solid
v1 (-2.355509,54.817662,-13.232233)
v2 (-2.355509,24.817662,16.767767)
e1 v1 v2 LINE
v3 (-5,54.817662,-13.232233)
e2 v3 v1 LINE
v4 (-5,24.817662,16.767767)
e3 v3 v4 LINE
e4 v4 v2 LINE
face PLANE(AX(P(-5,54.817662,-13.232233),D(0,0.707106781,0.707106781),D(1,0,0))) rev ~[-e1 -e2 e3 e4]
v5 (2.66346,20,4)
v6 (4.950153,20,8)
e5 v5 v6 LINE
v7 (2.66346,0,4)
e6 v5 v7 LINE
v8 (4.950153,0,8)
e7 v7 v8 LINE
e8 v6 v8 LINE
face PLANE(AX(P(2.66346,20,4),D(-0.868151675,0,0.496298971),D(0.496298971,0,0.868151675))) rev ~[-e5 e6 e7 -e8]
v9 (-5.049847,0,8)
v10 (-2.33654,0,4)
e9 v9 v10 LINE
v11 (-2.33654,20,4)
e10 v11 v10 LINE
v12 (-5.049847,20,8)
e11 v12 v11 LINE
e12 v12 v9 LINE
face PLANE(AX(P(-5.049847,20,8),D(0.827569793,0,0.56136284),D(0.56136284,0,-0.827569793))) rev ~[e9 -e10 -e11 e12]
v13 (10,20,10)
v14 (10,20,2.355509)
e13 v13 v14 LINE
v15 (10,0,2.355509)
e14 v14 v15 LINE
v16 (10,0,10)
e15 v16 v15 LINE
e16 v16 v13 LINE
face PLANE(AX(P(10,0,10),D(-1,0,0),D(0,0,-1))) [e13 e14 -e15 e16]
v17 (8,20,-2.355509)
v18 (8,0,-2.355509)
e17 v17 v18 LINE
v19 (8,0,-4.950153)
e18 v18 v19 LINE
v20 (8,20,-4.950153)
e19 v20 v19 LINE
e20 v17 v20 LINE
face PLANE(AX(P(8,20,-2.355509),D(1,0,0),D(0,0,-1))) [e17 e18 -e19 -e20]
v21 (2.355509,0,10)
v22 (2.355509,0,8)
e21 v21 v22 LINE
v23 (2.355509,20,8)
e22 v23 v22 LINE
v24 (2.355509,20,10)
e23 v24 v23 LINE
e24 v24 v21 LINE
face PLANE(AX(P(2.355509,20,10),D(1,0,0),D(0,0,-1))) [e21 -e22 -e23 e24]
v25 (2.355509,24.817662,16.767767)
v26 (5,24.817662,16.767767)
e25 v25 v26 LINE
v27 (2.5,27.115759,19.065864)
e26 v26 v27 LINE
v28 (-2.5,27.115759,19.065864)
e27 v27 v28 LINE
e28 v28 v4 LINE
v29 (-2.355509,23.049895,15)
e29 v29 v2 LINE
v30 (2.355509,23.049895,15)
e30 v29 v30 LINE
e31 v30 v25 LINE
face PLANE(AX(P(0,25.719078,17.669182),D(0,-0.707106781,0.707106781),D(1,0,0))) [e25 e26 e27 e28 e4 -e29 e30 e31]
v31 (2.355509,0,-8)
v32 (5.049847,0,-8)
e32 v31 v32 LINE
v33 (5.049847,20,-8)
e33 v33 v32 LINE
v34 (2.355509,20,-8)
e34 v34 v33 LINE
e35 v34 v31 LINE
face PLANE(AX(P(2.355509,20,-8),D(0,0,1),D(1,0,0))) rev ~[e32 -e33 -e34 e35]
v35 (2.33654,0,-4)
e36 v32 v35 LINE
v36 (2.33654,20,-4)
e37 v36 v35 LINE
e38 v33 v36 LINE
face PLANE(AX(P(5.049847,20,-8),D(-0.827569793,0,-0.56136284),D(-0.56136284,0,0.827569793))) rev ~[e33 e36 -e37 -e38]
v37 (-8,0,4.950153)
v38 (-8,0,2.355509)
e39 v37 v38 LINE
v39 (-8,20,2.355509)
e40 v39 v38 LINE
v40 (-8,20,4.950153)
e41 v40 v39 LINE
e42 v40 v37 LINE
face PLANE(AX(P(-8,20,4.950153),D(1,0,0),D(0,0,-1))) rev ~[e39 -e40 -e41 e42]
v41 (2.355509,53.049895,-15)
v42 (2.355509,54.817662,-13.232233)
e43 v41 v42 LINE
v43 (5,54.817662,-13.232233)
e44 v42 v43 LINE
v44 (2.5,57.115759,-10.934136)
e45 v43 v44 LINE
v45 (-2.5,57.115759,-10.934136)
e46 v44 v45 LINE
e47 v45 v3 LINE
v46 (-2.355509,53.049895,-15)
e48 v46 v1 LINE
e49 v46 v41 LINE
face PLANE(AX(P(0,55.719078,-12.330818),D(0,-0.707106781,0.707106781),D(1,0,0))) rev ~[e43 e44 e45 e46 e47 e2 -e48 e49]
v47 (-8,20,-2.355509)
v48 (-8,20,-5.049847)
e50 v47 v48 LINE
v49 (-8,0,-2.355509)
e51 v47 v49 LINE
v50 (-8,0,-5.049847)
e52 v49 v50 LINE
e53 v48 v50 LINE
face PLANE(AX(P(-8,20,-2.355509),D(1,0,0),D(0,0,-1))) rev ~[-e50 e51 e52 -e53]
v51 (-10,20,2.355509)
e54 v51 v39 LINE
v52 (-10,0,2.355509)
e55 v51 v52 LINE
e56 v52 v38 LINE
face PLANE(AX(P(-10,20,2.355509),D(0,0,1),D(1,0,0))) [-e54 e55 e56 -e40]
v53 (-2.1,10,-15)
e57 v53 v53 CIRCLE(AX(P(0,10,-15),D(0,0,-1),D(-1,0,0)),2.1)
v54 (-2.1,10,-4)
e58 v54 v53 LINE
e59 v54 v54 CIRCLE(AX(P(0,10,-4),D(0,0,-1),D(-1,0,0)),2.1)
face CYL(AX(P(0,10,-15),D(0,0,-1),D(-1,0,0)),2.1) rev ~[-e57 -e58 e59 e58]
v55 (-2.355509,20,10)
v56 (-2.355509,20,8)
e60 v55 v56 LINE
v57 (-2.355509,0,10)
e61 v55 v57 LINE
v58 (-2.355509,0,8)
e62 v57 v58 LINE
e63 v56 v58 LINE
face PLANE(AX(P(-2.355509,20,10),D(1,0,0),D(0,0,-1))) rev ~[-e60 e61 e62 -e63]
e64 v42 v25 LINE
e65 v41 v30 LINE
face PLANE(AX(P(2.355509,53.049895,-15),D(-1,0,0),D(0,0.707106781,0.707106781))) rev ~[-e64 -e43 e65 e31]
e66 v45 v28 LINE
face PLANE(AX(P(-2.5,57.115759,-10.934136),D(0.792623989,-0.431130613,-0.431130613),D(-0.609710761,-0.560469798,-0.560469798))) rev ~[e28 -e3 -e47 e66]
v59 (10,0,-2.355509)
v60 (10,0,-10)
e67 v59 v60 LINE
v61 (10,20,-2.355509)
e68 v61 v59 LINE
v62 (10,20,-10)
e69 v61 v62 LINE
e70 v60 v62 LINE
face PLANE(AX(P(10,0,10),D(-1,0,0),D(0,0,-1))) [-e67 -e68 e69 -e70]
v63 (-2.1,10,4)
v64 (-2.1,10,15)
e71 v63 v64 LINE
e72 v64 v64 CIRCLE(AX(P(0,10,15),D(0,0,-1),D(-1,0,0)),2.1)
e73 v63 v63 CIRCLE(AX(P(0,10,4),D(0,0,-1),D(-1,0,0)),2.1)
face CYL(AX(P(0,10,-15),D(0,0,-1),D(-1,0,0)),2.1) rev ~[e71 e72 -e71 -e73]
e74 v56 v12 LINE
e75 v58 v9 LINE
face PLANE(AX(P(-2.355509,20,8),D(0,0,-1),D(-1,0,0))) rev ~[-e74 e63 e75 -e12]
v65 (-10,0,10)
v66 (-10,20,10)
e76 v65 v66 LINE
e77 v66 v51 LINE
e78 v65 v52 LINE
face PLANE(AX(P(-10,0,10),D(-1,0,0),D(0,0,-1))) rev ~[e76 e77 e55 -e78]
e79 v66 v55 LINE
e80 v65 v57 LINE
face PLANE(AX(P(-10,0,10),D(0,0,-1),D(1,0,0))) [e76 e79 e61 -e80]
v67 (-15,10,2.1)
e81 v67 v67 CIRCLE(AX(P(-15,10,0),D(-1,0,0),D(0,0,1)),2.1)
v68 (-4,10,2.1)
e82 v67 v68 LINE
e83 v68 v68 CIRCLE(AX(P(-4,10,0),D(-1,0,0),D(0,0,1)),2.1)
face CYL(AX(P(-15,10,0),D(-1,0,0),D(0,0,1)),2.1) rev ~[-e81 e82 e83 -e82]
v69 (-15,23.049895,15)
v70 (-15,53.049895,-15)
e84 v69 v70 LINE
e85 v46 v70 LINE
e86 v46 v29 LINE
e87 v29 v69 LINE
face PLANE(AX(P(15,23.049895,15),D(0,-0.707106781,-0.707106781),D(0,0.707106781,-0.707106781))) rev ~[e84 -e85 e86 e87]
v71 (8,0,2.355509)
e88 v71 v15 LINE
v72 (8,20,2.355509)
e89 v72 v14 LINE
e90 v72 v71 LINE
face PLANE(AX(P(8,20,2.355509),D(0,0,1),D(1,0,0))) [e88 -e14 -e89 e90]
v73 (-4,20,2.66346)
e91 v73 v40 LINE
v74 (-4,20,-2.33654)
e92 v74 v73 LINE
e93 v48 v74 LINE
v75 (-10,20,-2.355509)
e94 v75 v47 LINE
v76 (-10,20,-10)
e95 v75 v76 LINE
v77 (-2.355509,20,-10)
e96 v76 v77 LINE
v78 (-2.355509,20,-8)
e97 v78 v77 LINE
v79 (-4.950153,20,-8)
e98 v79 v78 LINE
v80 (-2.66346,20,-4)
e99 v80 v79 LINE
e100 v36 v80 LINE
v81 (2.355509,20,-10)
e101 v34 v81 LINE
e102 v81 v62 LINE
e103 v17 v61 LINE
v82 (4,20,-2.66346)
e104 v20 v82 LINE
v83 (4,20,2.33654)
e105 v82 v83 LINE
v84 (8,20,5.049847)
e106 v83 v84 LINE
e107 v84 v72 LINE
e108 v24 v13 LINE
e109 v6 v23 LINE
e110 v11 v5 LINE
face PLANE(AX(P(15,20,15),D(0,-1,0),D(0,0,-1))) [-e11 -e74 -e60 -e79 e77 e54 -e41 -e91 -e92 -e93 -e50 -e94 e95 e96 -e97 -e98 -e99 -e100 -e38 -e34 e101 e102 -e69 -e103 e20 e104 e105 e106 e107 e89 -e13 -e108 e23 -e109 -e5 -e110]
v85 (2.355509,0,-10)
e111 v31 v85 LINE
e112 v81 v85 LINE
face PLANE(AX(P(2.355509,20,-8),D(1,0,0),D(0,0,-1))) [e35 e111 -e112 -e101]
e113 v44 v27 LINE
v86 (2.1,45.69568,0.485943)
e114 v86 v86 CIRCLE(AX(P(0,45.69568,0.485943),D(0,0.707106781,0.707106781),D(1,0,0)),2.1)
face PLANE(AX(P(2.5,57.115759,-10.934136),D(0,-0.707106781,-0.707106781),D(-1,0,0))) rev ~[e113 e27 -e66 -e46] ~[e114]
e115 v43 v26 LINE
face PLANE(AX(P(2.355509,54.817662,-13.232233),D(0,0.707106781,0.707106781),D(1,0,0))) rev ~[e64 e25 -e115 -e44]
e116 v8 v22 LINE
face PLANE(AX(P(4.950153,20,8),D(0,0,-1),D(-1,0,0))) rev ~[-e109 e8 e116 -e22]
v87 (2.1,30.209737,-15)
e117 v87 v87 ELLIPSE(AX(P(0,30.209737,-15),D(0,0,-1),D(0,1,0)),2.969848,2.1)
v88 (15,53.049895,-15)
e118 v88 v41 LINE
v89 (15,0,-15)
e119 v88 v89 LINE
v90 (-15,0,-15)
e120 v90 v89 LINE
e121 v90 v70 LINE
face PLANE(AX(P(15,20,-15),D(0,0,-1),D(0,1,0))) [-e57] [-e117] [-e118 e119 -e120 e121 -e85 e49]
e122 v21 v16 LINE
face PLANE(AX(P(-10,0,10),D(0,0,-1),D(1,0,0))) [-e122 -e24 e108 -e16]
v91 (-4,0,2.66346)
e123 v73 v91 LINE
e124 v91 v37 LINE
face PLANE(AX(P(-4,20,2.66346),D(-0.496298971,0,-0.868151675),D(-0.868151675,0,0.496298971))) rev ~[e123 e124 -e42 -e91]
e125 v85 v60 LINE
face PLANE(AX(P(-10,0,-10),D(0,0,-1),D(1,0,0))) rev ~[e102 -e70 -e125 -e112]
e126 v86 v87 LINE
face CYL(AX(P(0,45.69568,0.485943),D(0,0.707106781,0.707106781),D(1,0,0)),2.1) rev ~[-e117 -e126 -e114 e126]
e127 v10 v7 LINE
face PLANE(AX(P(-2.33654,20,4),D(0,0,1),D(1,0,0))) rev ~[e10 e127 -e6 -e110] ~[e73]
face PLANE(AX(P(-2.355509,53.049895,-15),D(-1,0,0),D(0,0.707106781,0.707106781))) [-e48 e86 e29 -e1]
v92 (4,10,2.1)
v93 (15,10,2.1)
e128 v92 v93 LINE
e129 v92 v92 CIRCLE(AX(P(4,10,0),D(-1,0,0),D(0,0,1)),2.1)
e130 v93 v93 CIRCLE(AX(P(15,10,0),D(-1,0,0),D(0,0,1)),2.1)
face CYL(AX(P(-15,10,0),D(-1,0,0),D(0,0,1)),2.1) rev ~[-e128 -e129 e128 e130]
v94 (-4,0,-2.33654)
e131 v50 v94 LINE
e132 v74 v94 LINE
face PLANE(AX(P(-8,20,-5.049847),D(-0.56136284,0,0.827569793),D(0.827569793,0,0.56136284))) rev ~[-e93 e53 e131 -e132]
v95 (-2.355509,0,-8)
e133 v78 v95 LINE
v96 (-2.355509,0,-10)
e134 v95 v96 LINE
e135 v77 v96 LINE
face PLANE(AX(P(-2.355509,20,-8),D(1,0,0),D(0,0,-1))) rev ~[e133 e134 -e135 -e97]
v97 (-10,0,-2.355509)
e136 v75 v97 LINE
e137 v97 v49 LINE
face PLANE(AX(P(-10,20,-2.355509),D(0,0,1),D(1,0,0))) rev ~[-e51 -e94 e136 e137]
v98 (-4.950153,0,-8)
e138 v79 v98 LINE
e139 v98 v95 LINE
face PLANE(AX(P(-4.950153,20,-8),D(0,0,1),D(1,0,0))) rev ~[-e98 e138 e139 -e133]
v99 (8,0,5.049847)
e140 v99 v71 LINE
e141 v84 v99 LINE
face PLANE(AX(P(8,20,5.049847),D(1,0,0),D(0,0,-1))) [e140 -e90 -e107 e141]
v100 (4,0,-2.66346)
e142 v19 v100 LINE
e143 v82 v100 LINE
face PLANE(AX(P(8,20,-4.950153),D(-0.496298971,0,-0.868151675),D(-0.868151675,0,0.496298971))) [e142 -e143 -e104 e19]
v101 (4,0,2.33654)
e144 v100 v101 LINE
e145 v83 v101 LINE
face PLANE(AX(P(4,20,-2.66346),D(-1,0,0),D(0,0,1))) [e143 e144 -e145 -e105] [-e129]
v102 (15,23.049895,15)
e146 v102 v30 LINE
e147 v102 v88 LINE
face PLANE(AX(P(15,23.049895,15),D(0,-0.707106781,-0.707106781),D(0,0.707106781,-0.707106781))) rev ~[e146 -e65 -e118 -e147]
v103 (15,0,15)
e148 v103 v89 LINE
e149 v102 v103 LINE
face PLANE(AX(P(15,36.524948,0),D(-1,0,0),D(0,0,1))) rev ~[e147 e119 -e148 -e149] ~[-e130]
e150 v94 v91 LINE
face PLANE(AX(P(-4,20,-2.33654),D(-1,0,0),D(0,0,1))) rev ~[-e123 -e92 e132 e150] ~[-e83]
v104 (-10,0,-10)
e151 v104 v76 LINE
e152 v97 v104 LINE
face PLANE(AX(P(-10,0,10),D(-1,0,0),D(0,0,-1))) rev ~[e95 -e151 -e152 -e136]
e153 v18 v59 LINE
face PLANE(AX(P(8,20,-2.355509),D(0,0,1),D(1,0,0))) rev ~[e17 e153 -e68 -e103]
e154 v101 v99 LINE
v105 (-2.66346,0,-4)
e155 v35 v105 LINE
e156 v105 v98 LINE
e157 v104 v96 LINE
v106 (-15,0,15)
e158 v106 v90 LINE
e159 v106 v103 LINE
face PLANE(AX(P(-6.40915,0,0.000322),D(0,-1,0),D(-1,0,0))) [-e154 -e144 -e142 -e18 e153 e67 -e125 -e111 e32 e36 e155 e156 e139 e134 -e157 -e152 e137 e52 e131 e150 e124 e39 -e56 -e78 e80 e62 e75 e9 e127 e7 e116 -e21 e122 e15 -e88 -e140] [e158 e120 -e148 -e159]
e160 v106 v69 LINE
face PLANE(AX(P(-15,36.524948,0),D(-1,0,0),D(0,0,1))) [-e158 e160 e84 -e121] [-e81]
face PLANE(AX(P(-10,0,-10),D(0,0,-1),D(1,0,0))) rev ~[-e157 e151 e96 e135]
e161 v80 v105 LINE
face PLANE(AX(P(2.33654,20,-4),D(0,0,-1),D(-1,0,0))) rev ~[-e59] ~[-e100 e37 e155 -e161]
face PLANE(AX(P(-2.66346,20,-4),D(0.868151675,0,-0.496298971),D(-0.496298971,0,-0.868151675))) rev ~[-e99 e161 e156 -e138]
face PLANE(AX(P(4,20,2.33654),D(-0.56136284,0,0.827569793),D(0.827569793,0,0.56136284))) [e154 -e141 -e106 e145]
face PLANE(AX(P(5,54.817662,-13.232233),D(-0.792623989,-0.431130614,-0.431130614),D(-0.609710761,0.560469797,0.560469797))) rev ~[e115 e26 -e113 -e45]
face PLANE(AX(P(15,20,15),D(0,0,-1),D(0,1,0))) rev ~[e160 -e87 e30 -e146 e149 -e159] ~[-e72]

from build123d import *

# Parameters (mm, degrees)
SKETCH1_W           = 30
SKETCH1_H           = 30
SKETCH1_W_2         = 20
SKETCH1_H_2         = 20
BOSS_EXTRUDE1_DEPTH = 20
SKETCH2_W           = 4.711017494
SKETCH2_H           = 2
SKETCH2_W_2         = 2
SKETCH2_H_2         = 4.711017494
BOSS_EXTRUDE2_DEPTH = 20
SKETCH3_R           = 2.1
CUT_EXTRUDE1_DEPTH  = 31
SKETCH4_R           = 2.1
CUT_EXTRUDE2_DEPTH  = 31
BOSS_EXTRUDE3_DEPTH = 30
SKETCH8_W           = 4.711017494
SKETCH8_H           = 2.5
BOSS_EXTRUDE4_DEPTH = 42.42640687
SKETCH9_R           = 2.1
CUT_EXTRUDE3_DEPTH  = 44.261940705


with BuildPart() as part:
    # Sketch1 → Boss-Extrude1 (new body)
    with BuildSketch(Plane(origin=(0, 0, 0), x_dir=(1, 0, 0), z_dir=(0, 1, 0))):
        Rectangle(SKETCH1_W, SKETCH1_H)
        Rectangle(SKETCH1_W_2, SKETCH1_H_2, mode=Mode.SUBTRACT)
    extrude(amount=BOSS_EXTRUDE1_DEPTH)


with BuildPart() as body_2:
    # Sketch2 → Boss-Extrude2 (new body)
    with BuildSketch(Plane(origin=(0, 20, 0), x_dir=(1, 0, 0), z_dir=(0, 1, 0))):
        Polygon((2.336539675, 4), (-2.663460325, 4), (-4.950152781, 8), (5.049847219, 8), align=None)
        with Locations((0, 9)):
            Rectangle(SKETCH2_W, SKETCH2_H)
        Polygon((-4, 2.336539675), (-4, -2.663460325), (-8, -4.950152781), (-8, 5.049847219), align=None)
        Polygon((-2.336539675, -4), (2.663460325, -4), (4.950152781, -8), (-5.049847219, -8), align=None)
        with Locations((0, -9)):
            Rectangle(SKETCH2_W, SKETCH2_H)
        Polygon((4, 2.663460325), (4, -2.336539675), (8, -5.049847219), (8, -2.355508747), (8, 2.355508747), (8, 4.950152781), align=None)
        with Locations((9, 0)):
            Rectangle(SKETCH2_W_2, SKETCH2_H_2)
        with Locations((-9, 0)):
            Rectangle(SKETCH2_W_2, SKETCH2_H_2)
    extrude(amount=-BOSS_EXTRUDE2_DEPTH)


with BuildPart() as cut_extrude1_tool:
    # Sketch3 → Cut-Extrude1 (new body, through all)
    with BuildSketch(Plane.ZY.offset(15)):
        with Locations((0, 10)):
            Circle(SKETCH3_R)
    extrude(amount=-CUT_EXTRUDE1_DEPTH)


with BuildPart() as part_1:
    add(part.part)

    # Cut-Extrude1: cut by cut_extrude1_tool
    add(cut_extrude1_tool.part, mode=Mode.SUBTRACT)


with BuildPart() as body_2_1:
    add(body_2.part)

    # Cut-Extrude1: cut by cut_extrude1_tool
    add(cut_extrude1_tool.part, mode=Mode.SUBTRACT)


with BuildPart() as cut_extrude2_tool:
    # Sketch4 → Cut-Extrude2 (new body, through all)
    with BuildSketch(Plane(origin=(0, 0, -15), x_dir=(-1, 0, 0), z_dir=(0, 0, -1))):
        with Locations((0, 10)):
            Circle(SKETCH4_R)
    extrude(amount=-CUT_EXTRUDE2_DEPTH)


with BuildPart() as part_2:
    add(part_1.part)

    # Cut-Extrude2: cut by cut_extrude2_tool
    add(cut_extrude2_tool.part, mode=Mode.SUBTRACT)



with BuildPart() as body_2_2:
    add(body_2_1.part)

    # Cut-Extrude2: cut by cut_extrude2_tool
    add(cut_extrude2_tool.part, mode=Mode.SUBTRACT)


with BuildPart() as part_3:
    add(part_2.part)

    add(body_2_2.part)  # Boss-Extrude3 merges body 2
    # Sketch5 → Boss-Extrude3 (add)
    with BuildSketch(Plane(origin=(15, 0, 0), x_dir=(0, 0, -1), z_dir=(1, 0, 0))):
        Polygon((15, 53.049895295), (15, 50), (-15, 20), (-15, 23.049895295), align=None)
        Polygon((15, 50), (-15, 20), (15, 20), align=None)
    extrude(amount=-BOSS_EXTRUDE3_DEPTH)

    # Sketch8 → Boss-Extrude4 (add)
    with BuildSketch(Plane(origin=(0, 34.024947648, -34.024947648), x_dir=(1, 0, 0), z_dir=(0, -0.707106781, 0.707106781))):
        Polygon((2.5, 32.655338987), (-2.5, 32.655338987), (-4.999999998, 29.405338987), (-2.355508747, 29.405338987), (2.355508747, 29.405338987), (5.000000002, 29.405338987), align=None)
        with Locations((0, 28.155338987)):
            Rectangle(SKETCH8_W, SKETCH8_H)
    extrude(amount=BOSS_EXTRUDE4_DEPTH)

    # Sketch9 → Cut-Extrude3 (cut, through all)
    with BuildSketch(Plane(origin=(0, 23.090811639, 23.090811639), x_dir=(1, 0, 0), z_dir=(0, 0.707106781, 0.707106781))):
        with Locations((0, 31.96811151)):
            Circle(SKETCH9_R)
    extrude(amount=-CUT_EXTRUDE3_DEPTH, mode=Mode.SUBTRACT)


solid = part_3.part
